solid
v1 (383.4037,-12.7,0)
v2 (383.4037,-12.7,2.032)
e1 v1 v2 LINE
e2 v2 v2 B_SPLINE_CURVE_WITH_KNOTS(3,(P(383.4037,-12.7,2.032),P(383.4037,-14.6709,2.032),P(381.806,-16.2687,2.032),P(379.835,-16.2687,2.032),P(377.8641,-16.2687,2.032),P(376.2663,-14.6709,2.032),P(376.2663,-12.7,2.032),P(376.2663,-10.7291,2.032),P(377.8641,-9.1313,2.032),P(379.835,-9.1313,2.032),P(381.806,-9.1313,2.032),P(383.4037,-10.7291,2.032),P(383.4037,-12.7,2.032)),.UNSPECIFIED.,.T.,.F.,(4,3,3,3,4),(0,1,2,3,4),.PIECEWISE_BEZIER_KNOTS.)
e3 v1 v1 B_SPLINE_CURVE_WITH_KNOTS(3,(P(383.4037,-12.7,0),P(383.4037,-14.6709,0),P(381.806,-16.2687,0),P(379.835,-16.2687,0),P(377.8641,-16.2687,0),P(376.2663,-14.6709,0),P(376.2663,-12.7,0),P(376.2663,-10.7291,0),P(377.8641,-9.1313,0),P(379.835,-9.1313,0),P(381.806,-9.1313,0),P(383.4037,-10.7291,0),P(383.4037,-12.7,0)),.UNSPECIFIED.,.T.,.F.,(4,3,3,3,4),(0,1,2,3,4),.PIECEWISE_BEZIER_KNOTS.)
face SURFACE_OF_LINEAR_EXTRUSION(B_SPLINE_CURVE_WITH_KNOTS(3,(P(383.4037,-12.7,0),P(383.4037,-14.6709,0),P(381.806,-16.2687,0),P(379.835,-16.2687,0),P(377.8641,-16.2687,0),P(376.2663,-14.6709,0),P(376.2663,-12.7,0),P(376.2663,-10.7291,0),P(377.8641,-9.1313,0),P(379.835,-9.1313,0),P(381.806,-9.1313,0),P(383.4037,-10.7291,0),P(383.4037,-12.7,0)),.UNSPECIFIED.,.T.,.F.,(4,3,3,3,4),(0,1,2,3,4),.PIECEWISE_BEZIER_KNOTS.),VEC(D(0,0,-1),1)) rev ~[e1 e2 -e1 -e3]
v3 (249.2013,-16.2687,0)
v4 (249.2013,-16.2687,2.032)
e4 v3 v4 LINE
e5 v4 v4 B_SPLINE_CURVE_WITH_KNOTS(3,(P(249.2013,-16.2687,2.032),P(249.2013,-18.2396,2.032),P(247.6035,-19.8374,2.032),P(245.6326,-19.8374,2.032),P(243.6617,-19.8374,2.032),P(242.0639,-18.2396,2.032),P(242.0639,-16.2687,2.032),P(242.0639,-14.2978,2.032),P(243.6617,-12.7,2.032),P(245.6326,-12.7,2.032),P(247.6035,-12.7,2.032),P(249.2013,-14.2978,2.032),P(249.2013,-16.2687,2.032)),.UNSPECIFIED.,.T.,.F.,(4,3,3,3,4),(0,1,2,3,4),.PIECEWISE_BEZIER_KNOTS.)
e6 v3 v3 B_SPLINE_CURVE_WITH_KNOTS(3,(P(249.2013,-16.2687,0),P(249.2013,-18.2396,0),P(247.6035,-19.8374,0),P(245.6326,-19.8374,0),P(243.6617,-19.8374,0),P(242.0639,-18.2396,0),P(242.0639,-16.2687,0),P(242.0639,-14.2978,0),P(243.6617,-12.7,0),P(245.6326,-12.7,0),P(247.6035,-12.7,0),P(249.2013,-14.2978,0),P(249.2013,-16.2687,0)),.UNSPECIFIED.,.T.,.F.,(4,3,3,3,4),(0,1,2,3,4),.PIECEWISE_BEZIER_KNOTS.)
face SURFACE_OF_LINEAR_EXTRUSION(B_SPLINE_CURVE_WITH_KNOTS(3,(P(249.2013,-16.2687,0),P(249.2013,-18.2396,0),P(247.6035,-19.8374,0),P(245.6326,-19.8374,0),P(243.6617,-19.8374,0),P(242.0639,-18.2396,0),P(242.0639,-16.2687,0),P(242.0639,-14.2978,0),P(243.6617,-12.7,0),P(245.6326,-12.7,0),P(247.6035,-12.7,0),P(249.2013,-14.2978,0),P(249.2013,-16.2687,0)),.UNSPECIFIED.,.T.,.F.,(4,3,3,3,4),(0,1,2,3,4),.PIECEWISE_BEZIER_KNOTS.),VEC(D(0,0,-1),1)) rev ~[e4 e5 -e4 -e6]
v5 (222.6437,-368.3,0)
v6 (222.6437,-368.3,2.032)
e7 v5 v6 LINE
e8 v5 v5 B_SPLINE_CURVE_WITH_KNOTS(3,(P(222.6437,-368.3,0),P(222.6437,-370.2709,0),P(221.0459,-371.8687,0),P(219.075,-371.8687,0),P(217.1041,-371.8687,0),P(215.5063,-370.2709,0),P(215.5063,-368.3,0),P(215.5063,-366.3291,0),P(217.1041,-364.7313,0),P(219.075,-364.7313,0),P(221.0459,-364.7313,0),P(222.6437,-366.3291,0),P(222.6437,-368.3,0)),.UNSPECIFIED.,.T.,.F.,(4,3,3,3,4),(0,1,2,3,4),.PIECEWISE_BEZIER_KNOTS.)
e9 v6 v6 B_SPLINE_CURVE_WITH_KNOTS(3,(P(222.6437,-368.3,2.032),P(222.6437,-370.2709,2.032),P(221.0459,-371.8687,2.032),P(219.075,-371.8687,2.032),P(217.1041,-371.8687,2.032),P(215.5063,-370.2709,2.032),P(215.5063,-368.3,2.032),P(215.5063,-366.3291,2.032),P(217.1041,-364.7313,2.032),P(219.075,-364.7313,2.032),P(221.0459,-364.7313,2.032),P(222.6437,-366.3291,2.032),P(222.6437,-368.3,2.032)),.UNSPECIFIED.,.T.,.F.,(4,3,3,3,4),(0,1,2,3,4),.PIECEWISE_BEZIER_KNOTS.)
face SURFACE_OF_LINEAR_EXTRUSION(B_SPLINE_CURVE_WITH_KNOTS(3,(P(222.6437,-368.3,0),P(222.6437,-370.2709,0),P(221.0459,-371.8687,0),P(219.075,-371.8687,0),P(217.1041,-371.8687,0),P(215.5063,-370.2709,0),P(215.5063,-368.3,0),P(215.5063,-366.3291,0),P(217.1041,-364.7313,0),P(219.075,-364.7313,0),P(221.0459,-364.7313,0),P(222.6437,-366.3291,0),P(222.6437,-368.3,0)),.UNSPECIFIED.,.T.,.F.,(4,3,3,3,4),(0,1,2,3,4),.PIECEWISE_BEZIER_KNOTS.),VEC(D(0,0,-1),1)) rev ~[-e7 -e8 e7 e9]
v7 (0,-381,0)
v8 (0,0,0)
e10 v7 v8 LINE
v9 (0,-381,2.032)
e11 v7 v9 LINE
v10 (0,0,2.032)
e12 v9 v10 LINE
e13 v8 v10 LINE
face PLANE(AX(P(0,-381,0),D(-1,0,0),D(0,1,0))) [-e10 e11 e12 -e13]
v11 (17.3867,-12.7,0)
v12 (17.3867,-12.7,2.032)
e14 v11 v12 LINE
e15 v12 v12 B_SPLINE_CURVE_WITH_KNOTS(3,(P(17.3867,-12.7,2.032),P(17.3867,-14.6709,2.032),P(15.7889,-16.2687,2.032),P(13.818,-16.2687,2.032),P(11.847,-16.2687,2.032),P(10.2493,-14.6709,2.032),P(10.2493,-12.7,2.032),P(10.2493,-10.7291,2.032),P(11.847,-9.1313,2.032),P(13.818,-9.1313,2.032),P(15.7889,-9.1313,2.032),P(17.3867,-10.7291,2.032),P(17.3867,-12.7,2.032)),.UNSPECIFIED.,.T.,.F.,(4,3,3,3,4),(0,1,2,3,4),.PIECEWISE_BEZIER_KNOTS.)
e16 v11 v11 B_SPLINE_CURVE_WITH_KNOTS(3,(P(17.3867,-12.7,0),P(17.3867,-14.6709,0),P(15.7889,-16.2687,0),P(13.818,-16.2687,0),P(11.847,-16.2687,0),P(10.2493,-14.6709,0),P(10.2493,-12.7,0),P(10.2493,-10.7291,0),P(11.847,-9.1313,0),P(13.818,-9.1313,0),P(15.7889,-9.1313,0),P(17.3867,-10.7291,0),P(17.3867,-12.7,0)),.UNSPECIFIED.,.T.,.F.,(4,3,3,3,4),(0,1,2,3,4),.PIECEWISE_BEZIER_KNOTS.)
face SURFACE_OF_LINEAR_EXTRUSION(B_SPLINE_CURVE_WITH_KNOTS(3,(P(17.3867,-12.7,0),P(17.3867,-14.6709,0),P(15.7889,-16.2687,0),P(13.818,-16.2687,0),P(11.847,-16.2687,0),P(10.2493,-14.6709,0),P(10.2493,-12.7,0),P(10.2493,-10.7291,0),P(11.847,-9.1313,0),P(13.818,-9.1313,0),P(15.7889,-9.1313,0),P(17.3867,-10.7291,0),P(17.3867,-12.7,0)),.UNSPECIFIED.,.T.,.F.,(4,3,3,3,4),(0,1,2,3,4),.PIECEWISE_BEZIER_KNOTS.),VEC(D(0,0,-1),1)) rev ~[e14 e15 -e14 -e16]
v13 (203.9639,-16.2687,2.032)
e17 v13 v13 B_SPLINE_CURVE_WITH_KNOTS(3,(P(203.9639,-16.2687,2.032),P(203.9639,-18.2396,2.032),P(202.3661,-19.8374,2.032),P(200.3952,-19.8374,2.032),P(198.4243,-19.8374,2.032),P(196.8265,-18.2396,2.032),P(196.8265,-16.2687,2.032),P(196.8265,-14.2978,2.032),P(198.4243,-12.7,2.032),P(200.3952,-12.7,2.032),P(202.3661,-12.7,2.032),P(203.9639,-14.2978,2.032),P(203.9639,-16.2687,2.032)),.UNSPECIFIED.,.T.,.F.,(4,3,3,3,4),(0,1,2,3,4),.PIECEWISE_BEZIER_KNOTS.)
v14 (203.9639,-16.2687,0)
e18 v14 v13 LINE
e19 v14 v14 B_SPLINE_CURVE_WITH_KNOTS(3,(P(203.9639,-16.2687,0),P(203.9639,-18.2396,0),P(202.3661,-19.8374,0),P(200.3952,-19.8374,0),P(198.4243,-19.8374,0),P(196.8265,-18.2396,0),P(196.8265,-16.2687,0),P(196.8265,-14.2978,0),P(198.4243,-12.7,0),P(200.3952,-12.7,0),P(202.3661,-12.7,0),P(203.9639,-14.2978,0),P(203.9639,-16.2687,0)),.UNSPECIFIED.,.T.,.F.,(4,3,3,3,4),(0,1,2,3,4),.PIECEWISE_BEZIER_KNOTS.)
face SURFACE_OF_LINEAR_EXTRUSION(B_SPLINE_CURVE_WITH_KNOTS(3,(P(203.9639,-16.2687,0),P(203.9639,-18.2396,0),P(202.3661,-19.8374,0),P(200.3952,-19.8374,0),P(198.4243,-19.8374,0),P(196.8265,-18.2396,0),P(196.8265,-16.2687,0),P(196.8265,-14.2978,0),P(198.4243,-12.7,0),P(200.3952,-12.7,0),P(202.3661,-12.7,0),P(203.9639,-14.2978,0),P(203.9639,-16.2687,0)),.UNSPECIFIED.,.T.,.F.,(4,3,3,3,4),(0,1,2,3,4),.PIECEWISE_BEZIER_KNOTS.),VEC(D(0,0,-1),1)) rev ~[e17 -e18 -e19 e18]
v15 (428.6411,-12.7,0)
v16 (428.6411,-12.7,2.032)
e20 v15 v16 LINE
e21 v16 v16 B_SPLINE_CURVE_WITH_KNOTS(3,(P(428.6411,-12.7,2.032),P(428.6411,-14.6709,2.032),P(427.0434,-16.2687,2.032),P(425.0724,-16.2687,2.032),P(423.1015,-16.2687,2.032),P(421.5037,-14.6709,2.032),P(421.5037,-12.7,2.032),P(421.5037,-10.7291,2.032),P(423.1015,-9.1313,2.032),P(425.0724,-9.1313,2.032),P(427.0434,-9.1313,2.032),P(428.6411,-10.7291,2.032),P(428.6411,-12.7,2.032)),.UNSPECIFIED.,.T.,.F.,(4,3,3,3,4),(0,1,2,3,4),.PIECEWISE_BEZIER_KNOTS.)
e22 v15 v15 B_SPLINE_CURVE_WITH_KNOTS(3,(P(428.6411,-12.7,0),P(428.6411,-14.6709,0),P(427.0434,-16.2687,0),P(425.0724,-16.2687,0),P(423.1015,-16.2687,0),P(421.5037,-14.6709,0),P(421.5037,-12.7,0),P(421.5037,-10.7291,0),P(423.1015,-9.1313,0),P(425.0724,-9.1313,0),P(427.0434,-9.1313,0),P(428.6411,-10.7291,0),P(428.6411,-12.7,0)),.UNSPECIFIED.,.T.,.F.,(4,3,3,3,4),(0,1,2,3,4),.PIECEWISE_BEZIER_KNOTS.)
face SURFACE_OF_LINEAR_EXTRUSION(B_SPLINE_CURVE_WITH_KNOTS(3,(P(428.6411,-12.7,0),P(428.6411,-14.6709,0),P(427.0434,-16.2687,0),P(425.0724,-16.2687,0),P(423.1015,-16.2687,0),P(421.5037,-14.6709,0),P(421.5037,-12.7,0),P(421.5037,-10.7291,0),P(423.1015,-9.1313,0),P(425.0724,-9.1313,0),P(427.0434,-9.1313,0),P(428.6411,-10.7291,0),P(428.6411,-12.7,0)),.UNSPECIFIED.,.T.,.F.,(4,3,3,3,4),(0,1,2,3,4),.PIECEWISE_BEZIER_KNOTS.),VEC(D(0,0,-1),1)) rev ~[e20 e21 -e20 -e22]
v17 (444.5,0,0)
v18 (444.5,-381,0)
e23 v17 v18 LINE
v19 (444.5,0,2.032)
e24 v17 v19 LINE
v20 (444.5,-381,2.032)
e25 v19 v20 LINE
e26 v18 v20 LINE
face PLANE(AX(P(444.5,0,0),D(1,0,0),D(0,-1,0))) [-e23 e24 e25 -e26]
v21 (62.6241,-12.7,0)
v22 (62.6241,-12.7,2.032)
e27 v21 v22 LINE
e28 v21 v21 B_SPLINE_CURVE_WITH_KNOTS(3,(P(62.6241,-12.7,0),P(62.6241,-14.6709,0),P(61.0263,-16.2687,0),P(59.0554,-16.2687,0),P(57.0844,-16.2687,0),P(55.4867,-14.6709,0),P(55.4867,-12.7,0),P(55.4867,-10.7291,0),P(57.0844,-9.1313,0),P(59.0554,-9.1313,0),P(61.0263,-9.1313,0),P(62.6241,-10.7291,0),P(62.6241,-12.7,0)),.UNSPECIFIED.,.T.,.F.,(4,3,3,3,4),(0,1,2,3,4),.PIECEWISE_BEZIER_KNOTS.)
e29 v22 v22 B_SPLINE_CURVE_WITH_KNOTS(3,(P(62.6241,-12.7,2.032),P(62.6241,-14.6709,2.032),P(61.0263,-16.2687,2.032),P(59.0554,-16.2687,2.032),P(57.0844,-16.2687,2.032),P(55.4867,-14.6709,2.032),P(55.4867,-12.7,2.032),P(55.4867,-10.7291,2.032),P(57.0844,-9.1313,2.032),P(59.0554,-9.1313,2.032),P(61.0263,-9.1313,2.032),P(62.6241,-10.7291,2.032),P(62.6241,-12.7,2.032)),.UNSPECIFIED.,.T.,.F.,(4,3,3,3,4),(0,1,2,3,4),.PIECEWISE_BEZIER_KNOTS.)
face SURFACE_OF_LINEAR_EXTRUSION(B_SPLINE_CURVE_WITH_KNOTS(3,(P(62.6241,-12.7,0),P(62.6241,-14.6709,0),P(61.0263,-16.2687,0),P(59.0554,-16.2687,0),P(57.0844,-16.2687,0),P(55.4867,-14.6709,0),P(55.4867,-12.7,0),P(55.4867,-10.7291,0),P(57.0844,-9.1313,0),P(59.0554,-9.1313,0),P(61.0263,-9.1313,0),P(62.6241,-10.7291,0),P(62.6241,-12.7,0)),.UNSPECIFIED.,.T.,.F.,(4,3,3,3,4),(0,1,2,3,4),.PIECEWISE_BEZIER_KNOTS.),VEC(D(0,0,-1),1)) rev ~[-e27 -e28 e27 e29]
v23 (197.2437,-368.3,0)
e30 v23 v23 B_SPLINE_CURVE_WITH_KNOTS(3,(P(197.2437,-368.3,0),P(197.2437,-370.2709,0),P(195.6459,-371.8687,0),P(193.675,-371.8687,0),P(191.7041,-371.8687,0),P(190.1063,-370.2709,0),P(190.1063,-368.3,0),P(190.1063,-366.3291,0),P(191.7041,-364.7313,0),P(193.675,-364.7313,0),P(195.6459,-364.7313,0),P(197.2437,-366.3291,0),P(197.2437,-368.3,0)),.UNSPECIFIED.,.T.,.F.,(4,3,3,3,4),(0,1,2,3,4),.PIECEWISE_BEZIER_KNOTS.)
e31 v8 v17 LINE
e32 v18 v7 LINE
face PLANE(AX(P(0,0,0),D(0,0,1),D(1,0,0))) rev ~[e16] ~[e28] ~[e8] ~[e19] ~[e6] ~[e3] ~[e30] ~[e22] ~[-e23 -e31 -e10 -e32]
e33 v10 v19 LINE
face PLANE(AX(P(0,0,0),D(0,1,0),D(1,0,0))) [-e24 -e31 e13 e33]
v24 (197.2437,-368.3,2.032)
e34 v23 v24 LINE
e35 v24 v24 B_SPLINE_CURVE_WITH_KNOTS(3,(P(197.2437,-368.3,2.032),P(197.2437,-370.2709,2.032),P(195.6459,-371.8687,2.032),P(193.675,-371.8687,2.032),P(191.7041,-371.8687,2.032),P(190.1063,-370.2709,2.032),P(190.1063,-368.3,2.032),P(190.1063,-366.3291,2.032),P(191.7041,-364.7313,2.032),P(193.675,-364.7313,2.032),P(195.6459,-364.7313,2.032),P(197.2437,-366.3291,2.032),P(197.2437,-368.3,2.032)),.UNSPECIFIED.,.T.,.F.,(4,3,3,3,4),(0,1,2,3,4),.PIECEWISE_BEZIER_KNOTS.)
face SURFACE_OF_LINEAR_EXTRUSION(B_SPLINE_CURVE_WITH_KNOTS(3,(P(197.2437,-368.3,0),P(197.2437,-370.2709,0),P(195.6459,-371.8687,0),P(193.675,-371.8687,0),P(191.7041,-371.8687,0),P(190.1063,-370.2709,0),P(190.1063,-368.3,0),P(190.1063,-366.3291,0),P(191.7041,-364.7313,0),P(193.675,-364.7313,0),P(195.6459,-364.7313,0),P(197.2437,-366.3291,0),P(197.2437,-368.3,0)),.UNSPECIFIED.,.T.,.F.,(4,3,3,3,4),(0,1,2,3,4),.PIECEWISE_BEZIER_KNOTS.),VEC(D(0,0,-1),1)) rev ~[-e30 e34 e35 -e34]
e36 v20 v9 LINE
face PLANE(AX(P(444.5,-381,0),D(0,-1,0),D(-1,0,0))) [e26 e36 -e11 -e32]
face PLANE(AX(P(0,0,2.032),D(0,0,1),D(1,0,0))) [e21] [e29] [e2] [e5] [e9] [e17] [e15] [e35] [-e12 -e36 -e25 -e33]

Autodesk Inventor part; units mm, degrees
ref_plane "YZ Plane" through (0, 0, 0) normal (1, 0, 0) x (0, 1, 0)
ref_plane "XZ Plane" through (0, 0, 0) normal (0, 1, 0) x (-1, 0, 0)
ref_plane "XY Plane" through (0, 0, 0) normal (0, 0, 1) x (1, 0, 0)
sketch "Sketch1" plane through (0, 0, 0) normal (0, 0, 1) x (1, 0, 0)
  line L0 (0, -381) -> (0, 0)
  line L1 (0, 0) -> (444.5, 0)
  line L2 (444.5, 0) -> (444.5, -381)
  line L3 (444.5, -381) -> (0, -381)
  spline S0 degree 3 poles (17.3867, -12.7) (17.3867, -14.6709) (15.7889, -16.2687) (13.818, -16.2687) (11.847, -16.2687) (10.2493, -14.6709) (10.2493, -12.7) (10.2493, -10.7291) (11.847, -9.1313) (13.818, -9.1313) (15.7889, -9.1313) (17.3867, -10.7291) (17.3867, -12.7) knots 0 0 0 0 1 1 1 2 2 2 3 3 3 4 4 4 4
  line L4 (17.3867, -12.7) -> (17.3867, -14.6709) construction
  line L5 (17.3867, -14.6709) -> (15.7889, -16.2687) construction
  line L6 (15.7889, -16.2687) -> (13.818, -16.2687) construction
  line L7 (13.818, -16.2687) -> (11.847, -16.2687) construction
  line L8 (11.847, -16.2687) -> (10.2493, -14.6709) construction
  line L9 (10.2493, -14.6709) -> (10.2493, -12.7) construction
  line L10 (10.2493, -12.7) -> (10.2493, -10.7291) construction
  line L11 (10.2493, -10.7291) -> (11.847, -9.1313) construction
  line L12 (11.847, -9.1313) -> (13.818, -9.1313) construction
  line L13 (13.818, -9.1313) -> (15.7889, -9.1313) construction
  line L14 (15.7889, -9.1313) -> (17.3867, -10.7291) construction
  line L15 (17.3867, -10.7291) -> (17.3867, -12.7) construction
  spline S1 degree 3 poles (62.6241, -12.7) (62.6241, -14.6709) (61.0263, -16.2687) (59.0554, -16.2687) (57.0844, -16.2687) (55.4867, -14.6709) (55.4867, -12.7) (55.4867, -10.7291) (57.0844, -9.1313) (59.0554, -9.1313) (61.0263, -9.1313) (62.6241, -10.7291) (62.6241, -12.7) knots 0 0 0 0 1 1 1 2 2 2 3 3 3 4 4 4 4
  line L16 (62.6241, -12.7) -> (62.6241, -14.6709) construction
  line L17 (62.6241, -14.6709) -> (61.0263, -16.2687) construction
  line L18 (61.0263, -16.2687) -> (59.0554, -16.2687) construction
  line L19 (59.0554, -16.2687) -> (57.0844, -16.2687) construction
  line L20 (57.0844, -16.2687) -> (55.4867, -14.6709) construction
  line L21 (55.4867, -14.6709) -> (55.4867, -12.7) construction
  line L22 (55.4867, -12.7) -> (55.4867, -10.7291) construction
  line L23 (55.4867, -10.7291) -> (57.0844, -9.1313) construction
  line L24 (57.0844, -9.1313) -> (59.0554, -9.1313) construction
  line L25 (59.0554, -9.1313) -> (61.0263, -9.1313) construction
  line L26 (61.0263, -9.1313) -> (62.6241, -10.7291) construction
  line L27 (62.6241, -10.7291) -> (62.6241, -12.7) construction
  spline S2 degree 3 poles (383.4037, -12.7) (383.4037, -14.6709) (381.806, -16.2687) (379.835, -16.2687) (377.8641, -16.2687) (376.2663, -14.6709) (376.2663, -12.7) (376.2663, -10.7291) (377.8641, -9.1313) (379.835, -9.1313) (381.806, -9.1313) (383.4037, -10.7291) (383.4037, -12.7) knots 0 0 0 0 1 1 1 2 2 2 3 3 3 4 4 4 4
  line L28 (383.4037, -12.7) -> (383.4037, -14.6709) construction
  line L29 (383.4037, -14.6709) -> (381.806, -16.2687) construction
  line L30 (381.806, -16.2687) -> (379.835, -16.2687) construction
  line L31 (379.835, -16.2687) -> (377.8641, -16.2687) construction
  line L32 (377.8641, -16.2687) -> (376.2663, -14.6709) construction
  line L33 (376.2663, -14.6709) -> (376.2663, -12.7) construction
  line L34 (376.2663, -12.7) -> (376.2663, -10.7291) construction
  line L35 (376.2663, -10.7291) -> (377.8641, -9.1313) construction
  line L36 (377.8641, -9.1313) -> (379.835, -9.1313) construction
  line L37 (379.835, -9.1313) -> (381.806, -9.1313) construction
  line L38 (381.806, -9.1313) -> (383.4037, -10.7291) construction
  line L39 (383.4037, -10.7291) -> (383.4037, -12.7) construction
  spline S3 degree 3 poles (428.6411, -12.7) (428.6411, -14.6709) (427.0434, -16.2687) (425.0724, -16.2687) (423.1015, -16.2687) (421.5037, -14.6709) (421.5037, -12.7) (421.5037, -10.7291) (423.1015, -9.1313) (425.0724, -9.1313) (427.0434, -9.1313) (428.6411, -10.7291) (428.6411, -12.7) knots 0 0 0 0 1 1 1 2 2 2 3 3 3 4 4 4 4
  line L40 (428.6411, -12.7) -> (428.6411, -14.6709) construction
  line L41 (428.6411, -14.6709) -> (427.0434, -16.2687) construction
  line L42 (427.0434, -16.2687) -> (425.0724, -16.2687) construction
  line L43 (425.0724, -16.2687) -> (423.1015, -16.2687) construction
  line L44 (423.1015, -16.2687) -> (421.5037, -14.6709) construction
  line L45 (421.5037, -14.6709) -> (421.5037, -12.7) construction
  line L46 (421.5037, -12.7) -> (421.5037, -10.7291) construction
  line L47 (421.5037, -10.7291) -> (423.1015, -9.1313) construction
  line L48 (423.1015, -9.1313) -> (425.0724, -9.1313) construction
  line L49 (425.0724, -9.1313) -> (427.0434, -9.1313) construction
  line L50 (427.0434, -9.1313) -> (428.6411, -10.7291) construction
  line L51 (428.6411, -10.7291) -> (428.6411, -12.7) construction
  spline S4 degree 3 poles (203.9639, -16.2687) (203.9639, -18.2396) (202.3661, -19.8374) (200.3952, -19.8374) (198.4243, -19.8374) (196.8265, -18.2396) (196.8265, -16.2687) (196.8265, -14.2978) (198.4243, -12.7) (200.3952, -12.7) (202.3661, -12.7) (203.9639, -14.2978) (203.9639, -16.2687) knots 0 0 0 0 1 1 1 2 2 2 3 3 3 4 4 4 4
  line L52 (203.9639, -16.2687) -> (203.9639, -18.2396) construction
  line L53 (203.9639, -18.2396) -> (202.3661, -19.8374) construction
  line L54 (202.3661, -19.8374) -> (200.3952, -19.8374) construction
  line L55 (200.3952, -19.8374) -> (198.4243, -19.8374) construction
  line L56 (198.4243, -19.8374) -> (196.8265, -18.2396) construction
  line L57 (196.8265, -18.2396) -> (196.8265, -16.2687) construction
  line L58 (196.8265, -16.2687) -> (196.8265, -14.2978) construction
  line L59 (196.8265, -14.2978) -> (198.4243, -12.7) construction
  line L60 (198.4243, -12.7) -> (200.3952, -12.7) construction
  line L61 (200.3952, -12.7) -> (202.3661, -12.7) construction
  line L62 (202.3661, -12.7) -> (203.9639, -14.2978) construction
  line L63 (203.9639, -14.2978) -> (203.9639, -16.2687) construction
  spline S5 degree 3 poles (249.2013, -16.2687) (249.2013, -18.2396) (247.6035, -19.8374) (245.6326, -19.8374) (243.6617, -19.8374) (242.0639, -18.2396) (242.0639, -16.2687) (242.0639, -14.2978) (243.6617, -12.7) (245.6326, -12.7) (247.6035, -12.7) (249.2013, -14.2978) (249.2013, -16.2687) knots 0 0 0 0 1 1 1 2 2 2 3 3 3 4 4 4 4
  line L64 (249.2013, -16.2687) -> (249.2013, -18.2396) construction
  line L65 (249.2013, -18.2396) -> (247.6035, -19.8374) construction
  line L66 (247.6035, -19.8374) -> (245.6326, -19.8374) construction
  line L67 (245.6326, -19.8374) -> (243.6617, -19.8374) construction
  line L68 (243.6617, -19.8374) -> (242.0639, -18.2396) construction
  line L69 (242.0639, -18.2396) -> (242.0639, -16.2687) construction
  line L70 (242.0639, -16.2687) -> (242.0639, -14.2978) construction
  line L71 (242.0639, -14.2978) -> (243.6617, -12.7) construction
  line L72 (243.6617, -12.7) -> (245.6326, -12.7) construction
  line L73 (245.6326, -12.7) -> (247.6035, -12.7) construction
  line L74 (247.6035, -12.7) -> (249.2013, -14.2978) construction
  line L75 (249.2013, -14.2978) -> (249.2013, -16.2687) construction
  spline S6 degree 3 poles (197.2437, -368.3) (197.2437, -370.2709) (195.6459, -371.8687) (193.675, -371.8687) (191.7041, -371.8687) (190.1063, -370.2709) (190.1063, -368.3) (190.1063, -366.3291) (191.7041, -364.7313) (193.675, -364.7313) (195.6459, -364.7313) (197.2437, -366.3291) (197.2437, -368.3) knots 0 0 0 0 1 1 1 2 2 2 3 3 3 4 4 4 4
  line L76 (197.2437, -368.3) -> (197.2437, -370.2709) construction
  line L77 (197.2437, -370.2709) -> (195.6459, -371.8687) construction
  line L78 (195.6459, -371.8687) -> (193.675, -371.8687) construction
  line L79 (193.675, -371.8687) -> (191.7041, -371.8687) construction
  line L80 (191.7041, -371.8687) -> (190.1063, -370.2709) construction
  line L81 (190.1063, -370.2709) -> (190.1063, -368.3) construction
  line L82 (190.1063, -368.3) -> (190.1063, -366.3291) construction
  line L83 (190.1063, -366.3291) -> (191.7041, -364.7313) construction
  line L84 (191.7041, -364.7313) -> (193.675, -364.7313) construction
  line L85 (193.675, -364.7313) -> (195.6459, -364.7313) construction
  line L86 (195.6459, -364.7313) -> (197.2437, -366.3291) construction
  line L87 (197.2437, -366.3291) -> (197.2437, -368.3) construction
  spline S7 degree 3 poles (222.6437, -368.3) (222.6437, -370.2709) (221.0459, -371.8687) (219.075, -371.8687) (217.1041, -371.8687) (215.5063, -370.2709) (215.5063, -368.3) (215.5063, -366.3291) (217.1041, -364.7313) (219.075, -364.7313) (221.0459, -364.7313) (222.6437, -366.3291) (222.6437, -368.3) knots 0 0 0 0 1 1 1 2 2 2 3 3 3 4 4 4 4
  line L88 (222.6437, -368.3) -> (222.6437, -370.2709) construction
  line L89 (222.6437, -370.2709) -> (221.0459, -371.8687) construction
  line L90 (221.0459, -371.8687) -> (219.075, -371.8687) construction
  line L91 (219.075, -371.8687) -> (217.1041, -371.8687) construction
  line L92 (217.1041, -371.8687) -> (215.5063, -370.2709) construction
  line L93 (215.5063, -370.2709) -> (215.5063, -368.3) construction
  line L94 (215.5063, -368.3) -> (215.5063, -366.3291) construction
  line L95 (215.5063, -366.3291) -> (217.1041, -364.7313) construction
  line L96 (217.1041, -364.7313) -> (219.075, -364.7313) construction
  line L97 (219.075, -364.7313) -> (221.0459, -364.7313) construction
  line L98 (221.0459, -364.7313) -> (222.6437, -366.3291) construction
  line L99 (222.6437, -366.3291) -> (222.6437, -368.3) construction
extrude "Extrusion1" add sketch "Sketch1" along normal blind 2.032
properties part number "side shield 2"
